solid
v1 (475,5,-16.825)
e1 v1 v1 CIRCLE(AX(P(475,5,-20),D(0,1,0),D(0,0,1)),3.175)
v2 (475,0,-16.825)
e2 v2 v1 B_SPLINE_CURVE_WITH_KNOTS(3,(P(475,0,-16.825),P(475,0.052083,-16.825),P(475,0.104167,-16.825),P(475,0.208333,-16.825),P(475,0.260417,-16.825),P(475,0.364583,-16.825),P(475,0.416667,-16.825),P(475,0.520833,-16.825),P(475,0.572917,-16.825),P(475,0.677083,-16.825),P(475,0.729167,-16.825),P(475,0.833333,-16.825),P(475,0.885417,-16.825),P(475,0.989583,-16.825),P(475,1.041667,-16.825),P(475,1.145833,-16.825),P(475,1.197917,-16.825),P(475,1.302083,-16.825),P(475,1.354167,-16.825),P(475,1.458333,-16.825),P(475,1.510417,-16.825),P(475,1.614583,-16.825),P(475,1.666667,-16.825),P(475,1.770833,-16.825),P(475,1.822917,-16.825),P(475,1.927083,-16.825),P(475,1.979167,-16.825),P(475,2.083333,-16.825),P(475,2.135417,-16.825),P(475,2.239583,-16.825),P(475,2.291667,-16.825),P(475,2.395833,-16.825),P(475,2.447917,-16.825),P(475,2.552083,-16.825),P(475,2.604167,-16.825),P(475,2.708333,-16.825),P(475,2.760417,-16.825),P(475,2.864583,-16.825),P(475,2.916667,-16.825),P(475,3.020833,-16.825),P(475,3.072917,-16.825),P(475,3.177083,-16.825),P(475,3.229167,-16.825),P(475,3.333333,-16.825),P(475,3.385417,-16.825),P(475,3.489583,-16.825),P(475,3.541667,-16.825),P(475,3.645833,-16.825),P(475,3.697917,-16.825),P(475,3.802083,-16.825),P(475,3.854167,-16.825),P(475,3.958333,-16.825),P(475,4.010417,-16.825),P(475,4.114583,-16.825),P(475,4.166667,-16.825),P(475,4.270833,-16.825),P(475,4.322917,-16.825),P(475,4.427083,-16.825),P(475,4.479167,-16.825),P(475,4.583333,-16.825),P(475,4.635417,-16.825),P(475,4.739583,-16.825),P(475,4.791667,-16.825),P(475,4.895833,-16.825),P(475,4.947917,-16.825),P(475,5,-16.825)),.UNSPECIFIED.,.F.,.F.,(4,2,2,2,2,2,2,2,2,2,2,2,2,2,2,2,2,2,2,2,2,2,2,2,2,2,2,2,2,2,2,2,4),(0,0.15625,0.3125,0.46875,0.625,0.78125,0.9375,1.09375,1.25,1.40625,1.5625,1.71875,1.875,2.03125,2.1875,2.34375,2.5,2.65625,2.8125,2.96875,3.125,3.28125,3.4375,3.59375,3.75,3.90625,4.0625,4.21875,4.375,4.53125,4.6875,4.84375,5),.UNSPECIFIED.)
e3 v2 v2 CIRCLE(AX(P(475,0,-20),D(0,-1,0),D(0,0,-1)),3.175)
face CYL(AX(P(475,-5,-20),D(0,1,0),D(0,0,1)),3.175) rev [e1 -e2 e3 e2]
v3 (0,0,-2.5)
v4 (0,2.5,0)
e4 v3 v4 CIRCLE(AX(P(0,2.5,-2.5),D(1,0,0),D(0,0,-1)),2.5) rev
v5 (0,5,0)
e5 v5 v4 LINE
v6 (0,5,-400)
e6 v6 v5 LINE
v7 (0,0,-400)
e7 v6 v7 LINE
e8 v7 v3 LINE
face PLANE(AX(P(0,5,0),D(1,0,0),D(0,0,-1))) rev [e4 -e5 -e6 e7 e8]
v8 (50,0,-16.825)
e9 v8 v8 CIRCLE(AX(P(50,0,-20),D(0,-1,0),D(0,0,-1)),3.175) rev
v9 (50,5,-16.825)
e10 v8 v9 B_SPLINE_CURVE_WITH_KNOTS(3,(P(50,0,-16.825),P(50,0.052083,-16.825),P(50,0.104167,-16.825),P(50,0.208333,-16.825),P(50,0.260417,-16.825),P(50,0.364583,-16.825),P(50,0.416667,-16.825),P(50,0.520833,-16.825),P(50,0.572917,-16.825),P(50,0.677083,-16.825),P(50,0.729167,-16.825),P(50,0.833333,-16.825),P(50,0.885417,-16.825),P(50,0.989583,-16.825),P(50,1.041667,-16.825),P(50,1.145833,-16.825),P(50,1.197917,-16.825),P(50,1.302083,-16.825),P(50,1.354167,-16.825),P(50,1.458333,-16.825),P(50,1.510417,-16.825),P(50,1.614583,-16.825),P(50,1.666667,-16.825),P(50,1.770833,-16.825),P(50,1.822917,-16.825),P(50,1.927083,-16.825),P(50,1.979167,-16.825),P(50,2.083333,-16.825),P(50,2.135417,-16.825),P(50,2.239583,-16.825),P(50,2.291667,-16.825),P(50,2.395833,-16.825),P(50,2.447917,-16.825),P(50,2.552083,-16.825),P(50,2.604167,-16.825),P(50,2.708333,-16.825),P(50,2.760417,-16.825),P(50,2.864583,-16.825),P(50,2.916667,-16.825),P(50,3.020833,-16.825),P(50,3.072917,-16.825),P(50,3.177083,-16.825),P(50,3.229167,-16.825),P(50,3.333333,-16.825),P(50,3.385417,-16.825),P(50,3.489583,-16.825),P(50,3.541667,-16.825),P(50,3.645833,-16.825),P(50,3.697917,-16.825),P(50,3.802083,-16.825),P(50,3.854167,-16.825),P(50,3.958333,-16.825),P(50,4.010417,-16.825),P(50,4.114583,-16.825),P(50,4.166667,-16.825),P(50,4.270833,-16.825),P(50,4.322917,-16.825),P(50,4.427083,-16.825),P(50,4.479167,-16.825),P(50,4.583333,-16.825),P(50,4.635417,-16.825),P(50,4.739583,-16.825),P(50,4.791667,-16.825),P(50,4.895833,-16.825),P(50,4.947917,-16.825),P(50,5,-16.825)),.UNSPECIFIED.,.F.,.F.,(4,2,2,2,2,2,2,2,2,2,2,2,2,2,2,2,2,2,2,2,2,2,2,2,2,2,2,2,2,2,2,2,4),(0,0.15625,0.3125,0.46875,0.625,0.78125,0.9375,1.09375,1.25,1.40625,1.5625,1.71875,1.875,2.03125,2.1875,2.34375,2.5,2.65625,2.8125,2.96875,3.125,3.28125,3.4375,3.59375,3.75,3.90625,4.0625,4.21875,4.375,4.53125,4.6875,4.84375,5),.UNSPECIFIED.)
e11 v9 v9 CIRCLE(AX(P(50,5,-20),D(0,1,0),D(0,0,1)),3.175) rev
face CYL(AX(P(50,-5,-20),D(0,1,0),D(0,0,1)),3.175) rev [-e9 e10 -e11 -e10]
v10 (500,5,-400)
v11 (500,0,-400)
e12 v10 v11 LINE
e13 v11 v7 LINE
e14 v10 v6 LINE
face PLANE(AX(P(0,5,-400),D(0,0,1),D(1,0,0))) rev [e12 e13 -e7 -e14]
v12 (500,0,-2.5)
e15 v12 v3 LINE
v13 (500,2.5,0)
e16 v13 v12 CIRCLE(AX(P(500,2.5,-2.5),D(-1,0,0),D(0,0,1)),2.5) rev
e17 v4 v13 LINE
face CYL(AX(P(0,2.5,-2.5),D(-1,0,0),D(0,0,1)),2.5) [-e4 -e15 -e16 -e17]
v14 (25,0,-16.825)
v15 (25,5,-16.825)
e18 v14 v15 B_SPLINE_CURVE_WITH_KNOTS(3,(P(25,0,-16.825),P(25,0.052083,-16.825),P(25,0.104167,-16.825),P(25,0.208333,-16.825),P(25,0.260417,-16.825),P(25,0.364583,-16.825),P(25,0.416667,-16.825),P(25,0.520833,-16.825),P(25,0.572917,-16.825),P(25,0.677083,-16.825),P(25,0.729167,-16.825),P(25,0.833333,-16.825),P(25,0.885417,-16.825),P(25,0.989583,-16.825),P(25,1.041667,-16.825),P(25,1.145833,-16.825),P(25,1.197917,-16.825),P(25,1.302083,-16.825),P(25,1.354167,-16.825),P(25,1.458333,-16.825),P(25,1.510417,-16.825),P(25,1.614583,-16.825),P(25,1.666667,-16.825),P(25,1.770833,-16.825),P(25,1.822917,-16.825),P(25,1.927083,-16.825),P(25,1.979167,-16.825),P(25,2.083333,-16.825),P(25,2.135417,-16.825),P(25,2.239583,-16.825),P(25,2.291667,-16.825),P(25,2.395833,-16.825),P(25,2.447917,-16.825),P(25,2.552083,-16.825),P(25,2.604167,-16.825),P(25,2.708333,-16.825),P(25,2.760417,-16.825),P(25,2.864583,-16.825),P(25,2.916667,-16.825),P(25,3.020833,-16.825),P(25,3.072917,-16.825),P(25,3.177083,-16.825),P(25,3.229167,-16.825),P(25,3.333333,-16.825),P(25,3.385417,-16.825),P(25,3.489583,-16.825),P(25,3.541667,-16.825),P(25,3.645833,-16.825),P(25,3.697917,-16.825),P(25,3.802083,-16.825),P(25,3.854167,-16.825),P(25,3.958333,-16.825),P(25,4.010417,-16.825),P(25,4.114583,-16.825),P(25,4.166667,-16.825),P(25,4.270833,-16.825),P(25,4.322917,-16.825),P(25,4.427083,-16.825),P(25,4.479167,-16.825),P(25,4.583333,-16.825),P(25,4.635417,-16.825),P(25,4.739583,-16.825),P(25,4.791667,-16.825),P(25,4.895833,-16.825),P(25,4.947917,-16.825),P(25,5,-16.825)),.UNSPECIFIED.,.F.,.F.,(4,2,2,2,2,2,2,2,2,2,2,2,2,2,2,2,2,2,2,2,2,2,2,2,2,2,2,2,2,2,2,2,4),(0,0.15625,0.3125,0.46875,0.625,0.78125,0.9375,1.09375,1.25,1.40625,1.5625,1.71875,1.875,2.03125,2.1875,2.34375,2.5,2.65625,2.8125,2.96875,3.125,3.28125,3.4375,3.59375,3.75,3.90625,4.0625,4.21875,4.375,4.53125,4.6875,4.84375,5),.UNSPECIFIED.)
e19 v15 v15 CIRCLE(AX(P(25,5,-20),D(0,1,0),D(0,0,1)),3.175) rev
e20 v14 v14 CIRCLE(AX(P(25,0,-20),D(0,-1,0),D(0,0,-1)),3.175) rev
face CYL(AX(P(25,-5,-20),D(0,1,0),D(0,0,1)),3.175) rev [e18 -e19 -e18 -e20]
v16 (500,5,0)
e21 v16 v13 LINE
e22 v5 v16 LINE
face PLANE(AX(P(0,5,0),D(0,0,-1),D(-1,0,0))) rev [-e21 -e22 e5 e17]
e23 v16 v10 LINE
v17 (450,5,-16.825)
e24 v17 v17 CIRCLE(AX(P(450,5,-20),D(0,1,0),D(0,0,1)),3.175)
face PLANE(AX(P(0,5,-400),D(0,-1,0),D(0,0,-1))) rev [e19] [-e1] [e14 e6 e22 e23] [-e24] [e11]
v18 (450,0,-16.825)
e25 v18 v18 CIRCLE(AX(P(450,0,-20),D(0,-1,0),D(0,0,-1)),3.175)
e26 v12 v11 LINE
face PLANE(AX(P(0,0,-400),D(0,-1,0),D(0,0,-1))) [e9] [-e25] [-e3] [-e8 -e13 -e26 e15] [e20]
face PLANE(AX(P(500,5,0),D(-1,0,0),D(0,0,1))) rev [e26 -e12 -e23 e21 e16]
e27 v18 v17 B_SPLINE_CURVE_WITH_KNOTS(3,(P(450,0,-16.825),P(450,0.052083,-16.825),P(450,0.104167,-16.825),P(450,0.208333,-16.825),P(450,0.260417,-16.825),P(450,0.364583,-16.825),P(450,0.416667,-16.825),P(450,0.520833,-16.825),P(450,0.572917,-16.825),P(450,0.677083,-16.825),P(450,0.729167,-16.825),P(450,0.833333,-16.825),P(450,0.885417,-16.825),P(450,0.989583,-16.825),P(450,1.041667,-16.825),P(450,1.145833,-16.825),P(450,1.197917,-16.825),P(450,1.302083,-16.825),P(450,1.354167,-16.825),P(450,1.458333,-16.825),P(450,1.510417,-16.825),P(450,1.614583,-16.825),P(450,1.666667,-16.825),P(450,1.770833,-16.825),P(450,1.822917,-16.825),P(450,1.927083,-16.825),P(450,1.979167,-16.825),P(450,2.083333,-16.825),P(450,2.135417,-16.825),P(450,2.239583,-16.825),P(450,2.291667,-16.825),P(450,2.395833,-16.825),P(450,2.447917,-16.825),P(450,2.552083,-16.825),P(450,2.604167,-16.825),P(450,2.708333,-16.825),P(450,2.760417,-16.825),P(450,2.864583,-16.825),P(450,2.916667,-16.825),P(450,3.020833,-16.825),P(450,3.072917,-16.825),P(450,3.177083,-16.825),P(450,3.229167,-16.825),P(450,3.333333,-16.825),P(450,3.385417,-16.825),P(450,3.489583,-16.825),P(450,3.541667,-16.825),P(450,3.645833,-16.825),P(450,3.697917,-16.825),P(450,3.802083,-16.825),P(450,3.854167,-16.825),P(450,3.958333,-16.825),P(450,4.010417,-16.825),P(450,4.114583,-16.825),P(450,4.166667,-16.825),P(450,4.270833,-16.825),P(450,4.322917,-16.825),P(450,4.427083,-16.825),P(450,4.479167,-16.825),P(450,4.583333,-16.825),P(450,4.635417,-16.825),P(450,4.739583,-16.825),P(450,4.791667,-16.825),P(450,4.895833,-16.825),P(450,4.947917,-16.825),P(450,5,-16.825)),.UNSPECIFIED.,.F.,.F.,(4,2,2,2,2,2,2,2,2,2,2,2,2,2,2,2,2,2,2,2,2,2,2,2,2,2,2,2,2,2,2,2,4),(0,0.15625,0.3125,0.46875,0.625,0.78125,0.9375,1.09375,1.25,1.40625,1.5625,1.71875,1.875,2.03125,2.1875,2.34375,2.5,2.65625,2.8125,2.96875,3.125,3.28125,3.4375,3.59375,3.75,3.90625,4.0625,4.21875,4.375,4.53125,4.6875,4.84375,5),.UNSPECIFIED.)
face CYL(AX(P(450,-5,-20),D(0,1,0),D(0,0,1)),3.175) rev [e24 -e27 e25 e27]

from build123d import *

# Parameters (mm, degrees)
SKETCH1_W           = 500
SKETCH1_H           = 400
BOSS_EXTRUDE1_DEPTH = 5
SKETCH3_R           = 3.175
CUT_EXTRUDE1_DEPTH  = 10
FILLET1_R           = 2.5


with BuildPart() as part:
    # Sketch1 → Boss-Extrude1 (new body)
    with BuildSketch(Plane(origin=(0, 0, 0), x_dir=(1, 0, 0), z_dir=(0, 1, 0))):
        with Locations((250, 200)):
            Rectangle(SKETCH1_W, SKETCH1_H)
    extrude(amount=BOSS_EXTRUDE1_DEPTH)

    # Sketch3 → Cut-Extrude1 (cut)
    with BuildSketch(Plane(origin=(0, 5, 0), x_dir=(1, 0, 0), z_dir=(0, 1, 0))):
        with Locations(Location((25, 20, 0), (0, 0, 270))):
            Circle(SKETCH3_R)
        with Locations(Location((50, 20, 0), (0, 0, 270))):
            Circle(SKETCH3_R)
        with Locations(Location((475, 20, 0), (0, 0, 270))):
            Circle(SKETCH3_R)
        with Locations(Location((450, 20, 0), (0, 0, 270))):
            Circle(SKETCH3_R)
    extrude(amount=-CUT_EXTRUDE1_DEPTH, mode=Mode.SUBTRACT)

    # Fillet1
    fillet1_edges = [part.edges().sort_by_distance(p)[0] for p in [
        (250, 0, 0),
    ]]
    fillet(fillet1_edges, radius=FILLET1_R)


solid = part.part
